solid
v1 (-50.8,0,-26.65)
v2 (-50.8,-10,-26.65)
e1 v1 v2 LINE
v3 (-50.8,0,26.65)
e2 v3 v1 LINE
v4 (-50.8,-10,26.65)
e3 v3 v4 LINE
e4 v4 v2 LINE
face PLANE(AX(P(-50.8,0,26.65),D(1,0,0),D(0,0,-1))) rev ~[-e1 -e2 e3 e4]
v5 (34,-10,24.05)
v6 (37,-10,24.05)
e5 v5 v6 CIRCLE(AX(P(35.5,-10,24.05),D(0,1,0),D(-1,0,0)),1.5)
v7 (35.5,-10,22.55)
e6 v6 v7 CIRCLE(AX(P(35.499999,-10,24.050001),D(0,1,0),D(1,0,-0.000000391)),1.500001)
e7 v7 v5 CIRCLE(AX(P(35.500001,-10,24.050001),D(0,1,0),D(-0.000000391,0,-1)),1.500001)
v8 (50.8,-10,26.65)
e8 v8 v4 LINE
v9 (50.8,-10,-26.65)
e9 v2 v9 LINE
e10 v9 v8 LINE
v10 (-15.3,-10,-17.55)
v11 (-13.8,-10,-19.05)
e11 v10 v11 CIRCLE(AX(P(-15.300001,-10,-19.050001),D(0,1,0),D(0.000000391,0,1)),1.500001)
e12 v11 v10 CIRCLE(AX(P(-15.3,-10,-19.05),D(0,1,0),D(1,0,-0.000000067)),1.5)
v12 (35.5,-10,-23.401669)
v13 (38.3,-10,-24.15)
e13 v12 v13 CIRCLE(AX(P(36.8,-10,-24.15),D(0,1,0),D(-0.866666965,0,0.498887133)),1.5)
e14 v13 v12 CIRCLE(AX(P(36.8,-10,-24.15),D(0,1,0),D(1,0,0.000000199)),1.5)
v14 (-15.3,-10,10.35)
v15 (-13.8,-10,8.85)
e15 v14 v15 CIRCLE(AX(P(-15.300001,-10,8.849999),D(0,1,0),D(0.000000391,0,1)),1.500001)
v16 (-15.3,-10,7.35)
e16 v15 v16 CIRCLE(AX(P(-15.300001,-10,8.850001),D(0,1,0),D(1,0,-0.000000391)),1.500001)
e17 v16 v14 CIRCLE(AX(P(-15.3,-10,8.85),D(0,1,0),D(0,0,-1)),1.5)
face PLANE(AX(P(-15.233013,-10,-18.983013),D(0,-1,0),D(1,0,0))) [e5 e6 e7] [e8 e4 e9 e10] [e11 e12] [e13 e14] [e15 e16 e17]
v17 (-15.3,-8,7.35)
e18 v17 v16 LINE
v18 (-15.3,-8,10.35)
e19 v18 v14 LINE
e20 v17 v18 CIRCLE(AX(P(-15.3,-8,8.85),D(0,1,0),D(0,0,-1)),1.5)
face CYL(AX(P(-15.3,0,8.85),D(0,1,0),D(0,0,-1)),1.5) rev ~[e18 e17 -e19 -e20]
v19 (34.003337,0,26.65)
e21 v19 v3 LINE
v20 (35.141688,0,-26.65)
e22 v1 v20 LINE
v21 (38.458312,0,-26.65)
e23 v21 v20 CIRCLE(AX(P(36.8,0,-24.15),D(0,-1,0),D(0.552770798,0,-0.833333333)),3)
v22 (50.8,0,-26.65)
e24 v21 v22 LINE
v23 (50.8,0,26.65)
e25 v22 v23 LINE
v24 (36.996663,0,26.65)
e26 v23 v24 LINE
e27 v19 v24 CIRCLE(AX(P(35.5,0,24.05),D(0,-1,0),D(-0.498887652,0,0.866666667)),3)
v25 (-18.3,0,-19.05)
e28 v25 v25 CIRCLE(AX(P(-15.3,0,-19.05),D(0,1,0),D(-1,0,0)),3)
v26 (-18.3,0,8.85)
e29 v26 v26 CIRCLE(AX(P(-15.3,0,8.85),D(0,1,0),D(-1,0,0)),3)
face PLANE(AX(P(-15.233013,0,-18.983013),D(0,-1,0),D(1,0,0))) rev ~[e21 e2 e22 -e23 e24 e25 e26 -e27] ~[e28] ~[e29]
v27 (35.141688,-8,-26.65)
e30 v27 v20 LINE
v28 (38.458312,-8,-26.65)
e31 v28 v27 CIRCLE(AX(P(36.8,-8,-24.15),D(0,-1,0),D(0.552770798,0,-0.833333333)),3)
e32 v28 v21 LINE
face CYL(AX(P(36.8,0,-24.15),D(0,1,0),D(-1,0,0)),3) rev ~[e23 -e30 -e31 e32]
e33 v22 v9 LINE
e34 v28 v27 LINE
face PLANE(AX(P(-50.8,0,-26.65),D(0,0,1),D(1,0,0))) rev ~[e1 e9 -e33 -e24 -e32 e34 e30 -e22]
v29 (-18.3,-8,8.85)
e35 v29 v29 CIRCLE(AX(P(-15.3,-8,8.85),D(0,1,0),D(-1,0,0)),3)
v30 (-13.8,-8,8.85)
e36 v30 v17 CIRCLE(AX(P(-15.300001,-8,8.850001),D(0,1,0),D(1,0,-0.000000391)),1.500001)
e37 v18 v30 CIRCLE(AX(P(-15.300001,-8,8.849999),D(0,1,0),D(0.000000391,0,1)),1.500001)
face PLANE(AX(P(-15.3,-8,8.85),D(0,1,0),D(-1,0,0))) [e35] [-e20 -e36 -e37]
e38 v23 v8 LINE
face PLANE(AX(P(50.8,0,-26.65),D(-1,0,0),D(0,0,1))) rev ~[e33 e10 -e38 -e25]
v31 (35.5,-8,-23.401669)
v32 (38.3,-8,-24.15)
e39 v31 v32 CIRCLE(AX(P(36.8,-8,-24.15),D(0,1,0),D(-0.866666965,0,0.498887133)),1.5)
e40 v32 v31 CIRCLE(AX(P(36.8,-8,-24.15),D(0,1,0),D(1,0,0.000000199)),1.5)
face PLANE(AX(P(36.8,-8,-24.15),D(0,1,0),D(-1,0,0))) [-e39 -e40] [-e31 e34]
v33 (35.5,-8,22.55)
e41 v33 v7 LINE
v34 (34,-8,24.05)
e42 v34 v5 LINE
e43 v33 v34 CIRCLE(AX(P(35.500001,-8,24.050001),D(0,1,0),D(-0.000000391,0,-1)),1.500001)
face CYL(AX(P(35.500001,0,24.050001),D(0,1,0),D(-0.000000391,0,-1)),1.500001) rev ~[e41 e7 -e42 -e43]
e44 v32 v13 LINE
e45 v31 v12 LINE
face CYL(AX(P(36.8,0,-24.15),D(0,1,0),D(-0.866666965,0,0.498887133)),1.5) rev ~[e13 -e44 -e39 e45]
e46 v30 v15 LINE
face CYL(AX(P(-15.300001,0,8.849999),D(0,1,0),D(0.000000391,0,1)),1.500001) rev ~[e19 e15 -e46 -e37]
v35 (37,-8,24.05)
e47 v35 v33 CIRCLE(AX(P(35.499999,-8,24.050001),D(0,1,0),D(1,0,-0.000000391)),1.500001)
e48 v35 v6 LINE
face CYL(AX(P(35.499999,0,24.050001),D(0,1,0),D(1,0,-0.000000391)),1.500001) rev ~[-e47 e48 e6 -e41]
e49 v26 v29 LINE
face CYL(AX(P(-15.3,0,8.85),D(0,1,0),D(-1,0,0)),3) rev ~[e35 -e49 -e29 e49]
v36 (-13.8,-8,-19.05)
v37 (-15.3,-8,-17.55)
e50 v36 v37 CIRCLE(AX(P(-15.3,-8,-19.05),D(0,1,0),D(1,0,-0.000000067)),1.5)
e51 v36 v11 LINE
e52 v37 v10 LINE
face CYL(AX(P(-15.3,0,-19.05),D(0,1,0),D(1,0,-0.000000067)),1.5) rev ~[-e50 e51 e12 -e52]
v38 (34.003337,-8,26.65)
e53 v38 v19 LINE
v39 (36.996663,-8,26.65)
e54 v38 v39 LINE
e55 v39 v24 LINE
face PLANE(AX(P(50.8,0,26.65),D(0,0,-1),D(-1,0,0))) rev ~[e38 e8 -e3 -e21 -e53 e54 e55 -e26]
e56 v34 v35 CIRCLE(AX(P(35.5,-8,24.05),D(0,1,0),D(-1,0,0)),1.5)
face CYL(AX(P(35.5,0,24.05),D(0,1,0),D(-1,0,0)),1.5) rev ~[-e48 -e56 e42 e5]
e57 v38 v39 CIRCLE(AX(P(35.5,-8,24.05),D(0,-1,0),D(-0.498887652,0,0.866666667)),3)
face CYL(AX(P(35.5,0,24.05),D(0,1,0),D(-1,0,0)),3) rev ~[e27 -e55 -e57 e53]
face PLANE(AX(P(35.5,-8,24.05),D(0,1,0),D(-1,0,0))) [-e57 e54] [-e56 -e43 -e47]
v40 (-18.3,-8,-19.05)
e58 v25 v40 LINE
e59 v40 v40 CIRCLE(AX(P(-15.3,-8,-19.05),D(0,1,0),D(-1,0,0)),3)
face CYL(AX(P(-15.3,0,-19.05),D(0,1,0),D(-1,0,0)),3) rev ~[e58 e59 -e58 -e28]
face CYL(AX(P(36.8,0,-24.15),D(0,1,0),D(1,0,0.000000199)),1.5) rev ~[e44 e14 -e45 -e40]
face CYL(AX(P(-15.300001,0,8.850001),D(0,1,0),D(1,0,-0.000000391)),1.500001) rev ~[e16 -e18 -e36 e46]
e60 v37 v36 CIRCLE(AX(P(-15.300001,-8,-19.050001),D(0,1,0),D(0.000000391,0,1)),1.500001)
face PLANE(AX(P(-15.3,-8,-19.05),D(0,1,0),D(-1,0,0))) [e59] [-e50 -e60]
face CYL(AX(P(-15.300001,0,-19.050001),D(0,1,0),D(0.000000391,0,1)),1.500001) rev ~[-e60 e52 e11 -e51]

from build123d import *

# Parameters (mm, degrees)
F1_DEPTH = 10
F2_R     = 3
F3_DEPTH = 8


with BuildPart() as f1:
    # F0 (on Front) → F1 (new body)
    with BuildSketch(Plane.XZ):
        with BuildLine():
            ThreePointArc((-13.8, -19.05), (-14.23934, -17.98934), (-15.3, -17.55))
            ThreePointArc((-15.3, -17.55), (-16.36066, -20.11066), (-13.8, -19.05))
        make_face()
        Polygon((50.8, 26.65), (-50.8, 26.65), (-50.8, -26.65), (50.8, -26.65), (50.8, -24.15), align=None)
        with BuildLine():
            ThreePointArc((-13.8, -19.05), (-16.36066, -20.11066), (-15.3, -17.55))
            ThreePointArc((-15.3, -17.55), (-14.23934, -17.98934), (-13.8, -19.05))
        make_face(mode=Mode.SUBTRACT)
        with BuildLine():
            ThreePointArc((35.5, -23.401669), (37.187298, -22.700862), (38.3, -24.15))
            ThreePointArc((38.3, -24.15), (36.412702, -25.599138), (35.5, -23.401669))
        make_face(mode=Mode.SUBTRACT)
        with BuildLine():
            ThreePointArc((-15.3, 7.35), (-16.8, 8.85), (-15.3, 10.35))
            ThreePointArc((-15.3, 10.35), (-14.23934, 9.91066), (-13.8, 8.85))
            ThreePointArc((-13.8, 8.85), (-14.23934, 7.78934), (-15.3, 7.35))
        make_face(mode=Mode.SUBTRACT)
        with BuildLine():
            ThreePointArc((37, 24.05), (36.56066, 22.98934), (35.5, 22.55))
            ThreePointArc((35.5, 22.55), (34.43934, 22.98934), (34, 24.05))
            ThreePointArc((34, 24.05), (35.5, 25.55), (37, 24.05))
        make_face(mode=Mode.SUBTRACT)
    extrude(amount=F1_DEPTH)

    # F2 (on face) → F3 (cut)
    with BuildSketch(Plane(origin=(0, 0, 0), x_dir=(-1, 0, 0), z_dir=(0, 1, 0))):
        with Locations((-35.5, 24.05)):
            Circle(F2_R)
        with Locations((-36.8, -24.15)):
            Circle(F2_R)
        with Locations((15.3, -19.05)):
            Circle(F2_R)
        with Locations((15.3, 8.85)):
            Circle(F2_R)
    extrude(amount=-F3_DEPTH, mode=Mode.SUBTRACT)


solid = f1.part
